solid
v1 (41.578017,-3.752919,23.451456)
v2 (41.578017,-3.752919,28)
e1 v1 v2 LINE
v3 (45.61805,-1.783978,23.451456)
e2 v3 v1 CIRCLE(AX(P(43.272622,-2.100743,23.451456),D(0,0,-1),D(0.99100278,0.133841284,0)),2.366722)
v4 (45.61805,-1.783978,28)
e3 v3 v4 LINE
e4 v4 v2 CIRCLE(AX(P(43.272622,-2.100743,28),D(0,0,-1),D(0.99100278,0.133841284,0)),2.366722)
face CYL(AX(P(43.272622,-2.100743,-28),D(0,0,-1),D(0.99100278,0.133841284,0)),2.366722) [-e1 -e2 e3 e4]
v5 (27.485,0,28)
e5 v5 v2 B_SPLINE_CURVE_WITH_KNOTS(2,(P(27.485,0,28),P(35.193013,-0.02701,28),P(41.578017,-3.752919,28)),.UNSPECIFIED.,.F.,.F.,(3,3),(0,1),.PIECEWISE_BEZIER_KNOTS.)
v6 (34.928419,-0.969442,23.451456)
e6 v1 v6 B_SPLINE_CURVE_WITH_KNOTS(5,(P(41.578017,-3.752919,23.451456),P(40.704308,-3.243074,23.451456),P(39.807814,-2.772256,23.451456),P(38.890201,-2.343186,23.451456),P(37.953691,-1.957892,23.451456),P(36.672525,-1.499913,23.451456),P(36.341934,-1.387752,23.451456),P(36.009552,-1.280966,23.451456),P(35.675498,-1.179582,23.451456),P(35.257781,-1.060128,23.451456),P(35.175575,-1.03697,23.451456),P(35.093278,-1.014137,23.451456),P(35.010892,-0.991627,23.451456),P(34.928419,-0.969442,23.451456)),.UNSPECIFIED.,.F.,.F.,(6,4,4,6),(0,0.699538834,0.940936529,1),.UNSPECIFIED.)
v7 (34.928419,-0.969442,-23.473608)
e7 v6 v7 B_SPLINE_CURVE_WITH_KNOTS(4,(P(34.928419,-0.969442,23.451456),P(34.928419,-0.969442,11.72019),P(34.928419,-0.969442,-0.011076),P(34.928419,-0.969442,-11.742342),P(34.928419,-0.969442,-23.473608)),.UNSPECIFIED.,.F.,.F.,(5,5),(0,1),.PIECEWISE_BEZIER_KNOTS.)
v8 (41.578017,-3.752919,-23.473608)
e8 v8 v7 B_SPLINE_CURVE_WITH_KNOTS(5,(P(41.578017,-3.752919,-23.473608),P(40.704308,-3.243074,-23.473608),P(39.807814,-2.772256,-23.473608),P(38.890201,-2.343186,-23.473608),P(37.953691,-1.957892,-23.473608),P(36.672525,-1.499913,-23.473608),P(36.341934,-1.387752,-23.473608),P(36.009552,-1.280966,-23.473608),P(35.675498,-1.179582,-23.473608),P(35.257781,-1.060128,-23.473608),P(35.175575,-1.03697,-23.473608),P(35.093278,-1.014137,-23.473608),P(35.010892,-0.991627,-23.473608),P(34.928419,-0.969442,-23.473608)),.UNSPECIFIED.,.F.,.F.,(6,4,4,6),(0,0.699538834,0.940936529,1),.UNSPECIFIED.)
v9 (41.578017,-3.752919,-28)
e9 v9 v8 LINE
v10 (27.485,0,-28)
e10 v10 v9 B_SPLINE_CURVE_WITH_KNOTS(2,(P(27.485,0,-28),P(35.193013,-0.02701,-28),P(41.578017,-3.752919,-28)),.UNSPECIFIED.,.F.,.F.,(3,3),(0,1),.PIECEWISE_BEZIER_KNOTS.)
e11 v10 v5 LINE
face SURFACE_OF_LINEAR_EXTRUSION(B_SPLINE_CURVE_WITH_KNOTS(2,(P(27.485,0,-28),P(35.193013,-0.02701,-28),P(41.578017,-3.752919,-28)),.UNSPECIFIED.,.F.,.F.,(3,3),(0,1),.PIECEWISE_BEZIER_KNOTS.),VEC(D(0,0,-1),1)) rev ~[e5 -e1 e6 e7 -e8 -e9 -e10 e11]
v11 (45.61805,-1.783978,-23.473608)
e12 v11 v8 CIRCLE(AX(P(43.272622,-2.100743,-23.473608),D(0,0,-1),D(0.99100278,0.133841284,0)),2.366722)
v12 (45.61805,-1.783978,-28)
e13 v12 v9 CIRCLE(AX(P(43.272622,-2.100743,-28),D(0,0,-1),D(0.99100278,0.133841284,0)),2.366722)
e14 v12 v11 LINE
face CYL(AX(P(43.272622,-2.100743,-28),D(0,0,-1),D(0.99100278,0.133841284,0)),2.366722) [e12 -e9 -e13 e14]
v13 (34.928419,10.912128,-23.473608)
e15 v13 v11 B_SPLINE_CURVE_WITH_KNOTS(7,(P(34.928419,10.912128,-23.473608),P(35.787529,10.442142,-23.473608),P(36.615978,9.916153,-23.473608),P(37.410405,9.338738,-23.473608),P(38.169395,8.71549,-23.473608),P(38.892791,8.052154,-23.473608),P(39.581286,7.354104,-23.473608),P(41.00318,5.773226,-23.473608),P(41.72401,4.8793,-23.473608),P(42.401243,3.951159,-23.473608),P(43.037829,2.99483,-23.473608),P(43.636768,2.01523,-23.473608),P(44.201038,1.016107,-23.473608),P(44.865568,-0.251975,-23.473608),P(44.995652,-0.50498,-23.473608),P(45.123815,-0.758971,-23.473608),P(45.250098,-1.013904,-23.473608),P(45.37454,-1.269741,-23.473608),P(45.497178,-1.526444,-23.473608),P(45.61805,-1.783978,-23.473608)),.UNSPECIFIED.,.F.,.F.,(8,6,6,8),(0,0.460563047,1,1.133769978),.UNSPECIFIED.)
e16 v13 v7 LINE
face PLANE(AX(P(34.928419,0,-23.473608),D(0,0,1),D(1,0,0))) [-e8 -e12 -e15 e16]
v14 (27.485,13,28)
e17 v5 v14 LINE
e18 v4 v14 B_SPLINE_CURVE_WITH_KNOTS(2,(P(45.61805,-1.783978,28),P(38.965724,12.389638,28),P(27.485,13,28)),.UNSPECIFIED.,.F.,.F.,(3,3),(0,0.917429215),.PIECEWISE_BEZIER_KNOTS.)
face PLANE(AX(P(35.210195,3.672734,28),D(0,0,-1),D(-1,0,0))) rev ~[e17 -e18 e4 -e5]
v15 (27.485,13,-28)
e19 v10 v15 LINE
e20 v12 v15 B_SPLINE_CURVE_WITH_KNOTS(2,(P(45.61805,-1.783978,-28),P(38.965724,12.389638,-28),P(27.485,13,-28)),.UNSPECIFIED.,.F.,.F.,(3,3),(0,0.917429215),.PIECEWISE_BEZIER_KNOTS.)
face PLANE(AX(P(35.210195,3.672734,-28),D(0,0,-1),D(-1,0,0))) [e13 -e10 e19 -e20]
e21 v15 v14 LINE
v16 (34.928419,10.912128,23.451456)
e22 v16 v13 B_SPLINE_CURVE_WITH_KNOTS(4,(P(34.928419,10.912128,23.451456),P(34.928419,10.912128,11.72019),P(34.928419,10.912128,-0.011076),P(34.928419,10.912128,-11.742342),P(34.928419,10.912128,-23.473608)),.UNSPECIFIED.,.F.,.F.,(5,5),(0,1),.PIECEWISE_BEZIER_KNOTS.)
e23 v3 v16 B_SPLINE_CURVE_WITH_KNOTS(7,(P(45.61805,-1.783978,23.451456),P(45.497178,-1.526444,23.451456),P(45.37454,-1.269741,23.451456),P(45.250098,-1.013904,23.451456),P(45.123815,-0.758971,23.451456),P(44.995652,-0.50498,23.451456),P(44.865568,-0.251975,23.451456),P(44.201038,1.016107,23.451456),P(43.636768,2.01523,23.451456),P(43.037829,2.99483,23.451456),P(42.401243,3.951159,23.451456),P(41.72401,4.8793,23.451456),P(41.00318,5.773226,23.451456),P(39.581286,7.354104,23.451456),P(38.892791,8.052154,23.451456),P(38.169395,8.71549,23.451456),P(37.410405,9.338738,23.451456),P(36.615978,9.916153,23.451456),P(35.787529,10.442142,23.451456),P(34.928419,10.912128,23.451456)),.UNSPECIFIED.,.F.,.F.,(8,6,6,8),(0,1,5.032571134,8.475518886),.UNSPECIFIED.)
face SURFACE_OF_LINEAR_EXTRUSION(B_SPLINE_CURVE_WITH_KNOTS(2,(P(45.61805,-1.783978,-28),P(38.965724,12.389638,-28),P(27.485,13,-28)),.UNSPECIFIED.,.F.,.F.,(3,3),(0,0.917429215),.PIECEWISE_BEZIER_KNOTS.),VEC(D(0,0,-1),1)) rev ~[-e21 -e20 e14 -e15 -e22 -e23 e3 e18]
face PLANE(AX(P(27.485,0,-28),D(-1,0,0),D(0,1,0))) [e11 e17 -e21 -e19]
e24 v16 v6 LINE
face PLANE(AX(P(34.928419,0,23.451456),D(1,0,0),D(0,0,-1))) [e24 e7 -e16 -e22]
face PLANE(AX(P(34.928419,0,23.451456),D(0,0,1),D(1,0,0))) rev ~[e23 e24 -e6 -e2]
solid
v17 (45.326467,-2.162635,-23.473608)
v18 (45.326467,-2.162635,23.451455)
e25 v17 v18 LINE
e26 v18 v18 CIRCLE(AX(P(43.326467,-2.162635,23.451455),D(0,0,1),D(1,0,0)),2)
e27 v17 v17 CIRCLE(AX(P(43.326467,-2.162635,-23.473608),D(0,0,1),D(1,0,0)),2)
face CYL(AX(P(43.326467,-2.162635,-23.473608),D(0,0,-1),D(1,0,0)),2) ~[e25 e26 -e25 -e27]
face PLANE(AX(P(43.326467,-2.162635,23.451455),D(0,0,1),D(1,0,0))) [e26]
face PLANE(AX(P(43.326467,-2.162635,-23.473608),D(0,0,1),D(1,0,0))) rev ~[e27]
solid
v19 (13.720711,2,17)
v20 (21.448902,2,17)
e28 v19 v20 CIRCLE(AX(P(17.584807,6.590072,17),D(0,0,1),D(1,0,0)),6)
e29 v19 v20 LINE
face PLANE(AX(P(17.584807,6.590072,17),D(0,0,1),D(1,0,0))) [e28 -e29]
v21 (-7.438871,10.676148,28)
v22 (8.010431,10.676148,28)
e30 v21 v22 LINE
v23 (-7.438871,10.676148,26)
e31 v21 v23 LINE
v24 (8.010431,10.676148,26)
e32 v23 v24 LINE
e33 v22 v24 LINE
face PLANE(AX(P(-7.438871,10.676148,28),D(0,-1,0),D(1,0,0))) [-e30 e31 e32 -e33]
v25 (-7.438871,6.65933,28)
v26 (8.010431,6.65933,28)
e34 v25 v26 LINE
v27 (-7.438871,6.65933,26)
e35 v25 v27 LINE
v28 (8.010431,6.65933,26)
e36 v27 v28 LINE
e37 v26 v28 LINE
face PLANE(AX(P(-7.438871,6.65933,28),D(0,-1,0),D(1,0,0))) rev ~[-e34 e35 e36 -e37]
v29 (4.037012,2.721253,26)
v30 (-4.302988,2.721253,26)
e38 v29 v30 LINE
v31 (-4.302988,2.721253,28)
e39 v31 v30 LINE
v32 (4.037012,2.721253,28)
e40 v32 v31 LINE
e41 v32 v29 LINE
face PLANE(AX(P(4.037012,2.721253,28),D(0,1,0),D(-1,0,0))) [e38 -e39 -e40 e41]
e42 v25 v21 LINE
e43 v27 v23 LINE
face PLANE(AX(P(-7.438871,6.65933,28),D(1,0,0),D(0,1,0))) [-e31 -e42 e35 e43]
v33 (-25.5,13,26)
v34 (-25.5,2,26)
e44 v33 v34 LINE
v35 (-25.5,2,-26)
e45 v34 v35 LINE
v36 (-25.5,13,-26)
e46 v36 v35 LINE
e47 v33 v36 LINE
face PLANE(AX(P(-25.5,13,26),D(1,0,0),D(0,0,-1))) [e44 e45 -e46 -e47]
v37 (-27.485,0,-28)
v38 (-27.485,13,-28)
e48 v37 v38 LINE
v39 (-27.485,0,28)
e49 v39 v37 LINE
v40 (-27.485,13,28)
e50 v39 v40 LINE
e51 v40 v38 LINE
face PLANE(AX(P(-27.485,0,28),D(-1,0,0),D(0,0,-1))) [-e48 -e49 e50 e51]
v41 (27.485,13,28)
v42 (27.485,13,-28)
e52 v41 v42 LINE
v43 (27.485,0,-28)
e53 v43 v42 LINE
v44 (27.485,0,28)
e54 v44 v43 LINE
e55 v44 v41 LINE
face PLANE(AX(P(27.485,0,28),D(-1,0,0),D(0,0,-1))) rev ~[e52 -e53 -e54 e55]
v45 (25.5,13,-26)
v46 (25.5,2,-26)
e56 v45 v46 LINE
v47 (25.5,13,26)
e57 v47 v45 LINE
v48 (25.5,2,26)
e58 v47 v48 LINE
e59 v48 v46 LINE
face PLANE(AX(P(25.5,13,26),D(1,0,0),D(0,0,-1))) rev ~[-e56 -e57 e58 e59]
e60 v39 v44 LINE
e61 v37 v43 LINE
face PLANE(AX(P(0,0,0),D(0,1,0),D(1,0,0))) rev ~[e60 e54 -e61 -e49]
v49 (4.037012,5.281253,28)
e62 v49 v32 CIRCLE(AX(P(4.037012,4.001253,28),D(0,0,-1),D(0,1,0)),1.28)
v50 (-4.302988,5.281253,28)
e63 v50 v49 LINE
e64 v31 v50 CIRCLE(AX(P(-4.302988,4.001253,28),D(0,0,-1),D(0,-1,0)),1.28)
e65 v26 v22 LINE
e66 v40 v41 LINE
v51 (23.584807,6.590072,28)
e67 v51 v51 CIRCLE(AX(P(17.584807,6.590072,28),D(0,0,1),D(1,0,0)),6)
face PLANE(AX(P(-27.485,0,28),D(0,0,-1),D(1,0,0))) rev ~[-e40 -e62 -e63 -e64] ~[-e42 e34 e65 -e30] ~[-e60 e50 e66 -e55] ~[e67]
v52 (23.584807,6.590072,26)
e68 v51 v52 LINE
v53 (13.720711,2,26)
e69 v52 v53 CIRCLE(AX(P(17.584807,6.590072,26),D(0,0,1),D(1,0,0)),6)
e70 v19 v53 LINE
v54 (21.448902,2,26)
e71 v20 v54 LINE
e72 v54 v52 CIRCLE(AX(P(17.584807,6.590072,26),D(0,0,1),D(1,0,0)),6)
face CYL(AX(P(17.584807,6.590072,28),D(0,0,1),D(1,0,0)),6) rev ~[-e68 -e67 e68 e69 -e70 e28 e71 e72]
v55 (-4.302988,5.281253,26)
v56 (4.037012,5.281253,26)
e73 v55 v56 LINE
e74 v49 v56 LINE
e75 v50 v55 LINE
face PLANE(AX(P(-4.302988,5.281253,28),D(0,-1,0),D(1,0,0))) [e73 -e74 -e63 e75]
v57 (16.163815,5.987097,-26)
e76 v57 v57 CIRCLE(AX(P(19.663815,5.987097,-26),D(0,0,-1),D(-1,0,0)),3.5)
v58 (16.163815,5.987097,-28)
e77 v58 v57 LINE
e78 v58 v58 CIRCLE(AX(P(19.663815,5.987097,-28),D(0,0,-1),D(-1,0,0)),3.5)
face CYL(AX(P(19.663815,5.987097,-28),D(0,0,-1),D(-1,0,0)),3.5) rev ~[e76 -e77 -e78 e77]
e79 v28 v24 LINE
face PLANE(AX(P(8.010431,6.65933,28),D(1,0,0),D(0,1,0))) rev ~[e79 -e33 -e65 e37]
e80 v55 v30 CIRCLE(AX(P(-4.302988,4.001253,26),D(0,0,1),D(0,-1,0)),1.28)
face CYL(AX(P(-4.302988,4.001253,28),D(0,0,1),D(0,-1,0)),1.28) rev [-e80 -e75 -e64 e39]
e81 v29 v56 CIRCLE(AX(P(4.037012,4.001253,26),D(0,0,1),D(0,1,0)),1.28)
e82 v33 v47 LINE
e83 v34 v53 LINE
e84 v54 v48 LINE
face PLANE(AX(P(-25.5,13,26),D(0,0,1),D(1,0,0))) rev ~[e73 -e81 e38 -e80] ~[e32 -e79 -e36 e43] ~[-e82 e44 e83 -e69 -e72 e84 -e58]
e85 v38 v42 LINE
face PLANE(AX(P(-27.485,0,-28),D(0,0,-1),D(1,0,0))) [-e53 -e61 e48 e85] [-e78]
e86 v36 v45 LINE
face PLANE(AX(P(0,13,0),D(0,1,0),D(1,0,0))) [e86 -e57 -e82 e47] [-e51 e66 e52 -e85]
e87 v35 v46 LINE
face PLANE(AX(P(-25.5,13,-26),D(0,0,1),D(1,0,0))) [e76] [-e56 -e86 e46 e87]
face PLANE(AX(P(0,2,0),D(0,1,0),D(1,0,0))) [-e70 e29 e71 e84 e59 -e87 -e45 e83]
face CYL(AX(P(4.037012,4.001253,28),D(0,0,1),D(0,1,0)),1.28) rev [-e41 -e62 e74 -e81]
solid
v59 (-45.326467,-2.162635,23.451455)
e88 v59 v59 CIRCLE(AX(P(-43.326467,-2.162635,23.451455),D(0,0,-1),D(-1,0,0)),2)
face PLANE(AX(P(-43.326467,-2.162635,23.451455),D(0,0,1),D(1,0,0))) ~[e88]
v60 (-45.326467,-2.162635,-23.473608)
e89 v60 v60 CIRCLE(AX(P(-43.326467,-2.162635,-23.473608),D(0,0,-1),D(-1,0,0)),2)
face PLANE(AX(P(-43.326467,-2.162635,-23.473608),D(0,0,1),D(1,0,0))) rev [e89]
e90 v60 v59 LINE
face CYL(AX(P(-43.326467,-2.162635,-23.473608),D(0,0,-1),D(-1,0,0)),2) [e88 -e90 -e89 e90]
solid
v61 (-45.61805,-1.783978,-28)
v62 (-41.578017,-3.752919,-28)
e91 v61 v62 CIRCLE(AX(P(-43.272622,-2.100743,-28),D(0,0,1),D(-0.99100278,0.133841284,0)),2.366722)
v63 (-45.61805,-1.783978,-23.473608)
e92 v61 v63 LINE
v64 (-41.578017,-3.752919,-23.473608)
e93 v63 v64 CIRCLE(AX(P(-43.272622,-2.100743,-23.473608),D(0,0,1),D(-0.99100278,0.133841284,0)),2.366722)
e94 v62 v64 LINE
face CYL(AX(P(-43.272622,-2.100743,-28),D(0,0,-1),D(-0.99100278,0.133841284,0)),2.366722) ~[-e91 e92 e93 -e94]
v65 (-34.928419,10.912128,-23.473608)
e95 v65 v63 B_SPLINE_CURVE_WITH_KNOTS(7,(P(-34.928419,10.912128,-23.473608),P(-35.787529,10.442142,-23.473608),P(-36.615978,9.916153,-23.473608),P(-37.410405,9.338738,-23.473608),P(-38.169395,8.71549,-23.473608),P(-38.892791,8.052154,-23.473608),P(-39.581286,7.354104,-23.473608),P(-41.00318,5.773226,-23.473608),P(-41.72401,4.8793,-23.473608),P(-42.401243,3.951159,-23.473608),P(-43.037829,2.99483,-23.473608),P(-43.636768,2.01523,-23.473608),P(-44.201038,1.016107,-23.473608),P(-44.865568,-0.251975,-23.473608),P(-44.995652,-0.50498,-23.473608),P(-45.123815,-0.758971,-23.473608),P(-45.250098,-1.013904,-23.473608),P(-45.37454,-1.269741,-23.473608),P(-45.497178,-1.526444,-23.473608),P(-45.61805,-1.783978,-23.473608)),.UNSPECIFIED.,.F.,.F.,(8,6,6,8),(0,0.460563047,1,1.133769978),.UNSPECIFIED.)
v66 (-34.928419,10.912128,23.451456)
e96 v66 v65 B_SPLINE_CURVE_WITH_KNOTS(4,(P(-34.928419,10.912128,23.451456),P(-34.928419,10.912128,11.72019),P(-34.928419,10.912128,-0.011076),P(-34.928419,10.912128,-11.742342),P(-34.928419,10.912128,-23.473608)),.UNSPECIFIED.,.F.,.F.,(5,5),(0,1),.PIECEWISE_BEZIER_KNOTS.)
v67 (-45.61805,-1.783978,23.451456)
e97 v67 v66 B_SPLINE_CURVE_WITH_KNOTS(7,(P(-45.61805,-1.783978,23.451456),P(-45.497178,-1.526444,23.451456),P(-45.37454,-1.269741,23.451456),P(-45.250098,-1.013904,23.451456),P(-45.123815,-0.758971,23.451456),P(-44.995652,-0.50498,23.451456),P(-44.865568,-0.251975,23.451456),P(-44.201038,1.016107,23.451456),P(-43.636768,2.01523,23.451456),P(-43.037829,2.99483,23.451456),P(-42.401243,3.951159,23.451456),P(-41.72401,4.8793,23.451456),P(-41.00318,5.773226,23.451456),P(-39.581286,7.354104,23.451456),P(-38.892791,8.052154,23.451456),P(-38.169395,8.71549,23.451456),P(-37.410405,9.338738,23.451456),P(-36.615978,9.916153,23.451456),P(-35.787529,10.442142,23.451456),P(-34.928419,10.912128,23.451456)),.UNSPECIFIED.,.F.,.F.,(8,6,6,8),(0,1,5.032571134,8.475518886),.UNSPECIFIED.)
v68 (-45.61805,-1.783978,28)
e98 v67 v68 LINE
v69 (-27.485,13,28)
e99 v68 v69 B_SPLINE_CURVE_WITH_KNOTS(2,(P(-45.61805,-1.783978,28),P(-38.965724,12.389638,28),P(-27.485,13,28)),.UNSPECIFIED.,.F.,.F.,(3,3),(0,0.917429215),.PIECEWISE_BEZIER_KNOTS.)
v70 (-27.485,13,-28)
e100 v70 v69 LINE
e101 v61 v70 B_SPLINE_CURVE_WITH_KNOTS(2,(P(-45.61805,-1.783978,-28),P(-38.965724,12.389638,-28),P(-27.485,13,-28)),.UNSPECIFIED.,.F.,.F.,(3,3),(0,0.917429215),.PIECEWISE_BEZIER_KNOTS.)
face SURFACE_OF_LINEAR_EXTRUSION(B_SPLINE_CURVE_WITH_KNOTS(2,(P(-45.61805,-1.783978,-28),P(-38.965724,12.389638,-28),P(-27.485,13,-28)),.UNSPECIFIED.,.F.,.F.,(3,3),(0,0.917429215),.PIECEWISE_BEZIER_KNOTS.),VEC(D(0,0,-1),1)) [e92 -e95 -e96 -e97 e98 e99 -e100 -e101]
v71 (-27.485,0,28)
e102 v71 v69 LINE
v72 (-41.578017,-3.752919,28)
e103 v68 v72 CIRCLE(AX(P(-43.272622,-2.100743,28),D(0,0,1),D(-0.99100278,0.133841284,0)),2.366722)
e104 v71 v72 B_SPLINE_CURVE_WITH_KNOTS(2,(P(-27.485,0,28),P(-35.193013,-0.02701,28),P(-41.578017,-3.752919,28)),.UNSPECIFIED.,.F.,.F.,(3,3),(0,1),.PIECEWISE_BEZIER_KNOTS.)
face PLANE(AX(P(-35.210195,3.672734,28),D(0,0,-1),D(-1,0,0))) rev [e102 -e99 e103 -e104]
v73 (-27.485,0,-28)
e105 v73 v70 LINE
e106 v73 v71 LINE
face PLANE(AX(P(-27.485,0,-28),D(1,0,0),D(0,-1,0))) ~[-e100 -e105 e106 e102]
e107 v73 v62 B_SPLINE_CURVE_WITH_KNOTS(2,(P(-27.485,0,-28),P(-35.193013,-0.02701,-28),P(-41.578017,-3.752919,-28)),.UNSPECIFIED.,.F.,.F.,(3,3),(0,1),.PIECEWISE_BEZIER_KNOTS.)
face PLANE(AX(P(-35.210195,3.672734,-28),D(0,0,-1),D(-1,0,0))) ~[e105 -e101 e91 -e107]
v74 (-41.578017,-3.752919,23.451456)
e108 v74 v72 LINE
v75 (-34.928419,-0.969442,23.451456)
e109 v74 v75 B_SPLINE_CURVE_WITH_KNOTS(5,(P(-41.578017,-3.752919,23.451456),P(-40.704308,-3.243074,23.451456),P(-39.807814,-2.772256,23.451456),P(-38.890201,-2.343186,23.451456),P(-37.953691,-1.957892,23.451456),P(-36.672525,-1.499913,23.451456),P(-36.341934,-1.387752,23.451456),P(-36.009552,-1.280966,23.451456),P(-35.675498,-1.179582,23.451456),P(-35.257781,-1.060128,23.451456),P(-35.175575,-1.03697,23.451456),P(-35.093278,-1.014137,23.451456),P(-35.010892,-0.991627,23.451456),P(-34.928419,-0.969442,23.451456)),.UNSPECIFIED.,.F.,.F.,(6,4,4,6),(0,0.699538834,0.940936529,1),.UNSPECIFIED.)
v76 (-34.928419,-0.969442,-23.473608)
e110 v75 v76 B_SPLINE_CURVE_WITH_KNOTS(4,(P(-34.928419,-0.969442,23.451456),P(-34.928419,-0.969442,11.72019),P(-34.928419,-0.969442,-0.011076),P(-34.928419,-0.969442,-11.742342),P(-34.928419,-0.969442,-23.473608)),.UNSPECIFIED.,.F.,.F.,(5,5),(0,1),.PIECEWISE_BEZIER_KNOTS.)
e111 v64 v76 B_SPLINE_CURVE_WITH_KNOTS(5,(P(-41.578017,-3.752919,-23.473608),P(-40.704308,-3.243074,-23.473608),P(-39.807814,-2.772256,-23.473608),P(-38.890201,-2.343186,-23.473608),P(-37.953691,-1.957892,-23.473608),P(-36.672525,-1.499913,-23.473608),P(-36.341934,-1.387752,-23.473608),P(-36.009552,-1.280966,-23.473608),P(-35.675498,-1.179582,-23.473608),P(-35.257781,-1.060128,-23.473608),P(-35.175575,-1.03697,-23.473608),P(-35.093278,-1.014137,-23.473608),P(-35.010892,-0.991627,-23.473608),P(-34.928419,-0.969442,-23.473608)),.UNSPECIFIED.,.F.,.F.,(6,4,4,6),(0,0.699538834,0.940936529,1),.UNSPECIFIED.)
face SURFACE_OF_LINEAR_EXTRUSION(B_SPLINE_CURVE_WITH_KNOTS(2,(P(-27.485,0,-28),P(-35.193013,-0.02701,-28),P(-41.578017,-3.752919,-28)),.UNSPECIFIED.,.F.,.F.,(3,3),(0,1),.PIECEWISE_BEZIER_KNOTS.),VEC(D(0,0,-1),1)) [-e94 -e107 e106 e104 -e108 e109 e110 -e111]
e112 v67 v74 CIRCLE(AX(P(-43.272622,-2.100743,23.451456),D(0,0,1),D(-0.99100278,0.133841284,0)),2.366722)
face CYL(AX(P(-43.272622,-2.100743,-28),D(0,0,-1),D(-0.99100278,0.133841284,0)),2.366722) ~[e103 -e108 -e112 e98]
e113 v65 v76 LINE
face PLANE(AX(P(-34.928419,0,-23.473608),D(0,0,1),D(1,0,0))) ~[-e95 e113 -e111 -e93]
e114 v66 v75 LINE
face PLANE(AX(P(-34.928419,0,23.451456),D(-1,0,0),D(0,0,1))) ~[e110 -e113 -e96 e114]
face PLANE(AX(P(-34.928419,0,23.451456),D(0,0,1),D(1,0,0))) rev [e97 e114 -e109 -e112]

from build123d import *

# Parameters (mm, degrees)
SKETCH1_W               = 54.97
SKETCH1_H               = 56
BOSS_EXTRUDE1_DEPTH     = 13
SKETCH2_W               = 51
SKETCH2_H               = 52
CUT_EXTRUDE1_DEPTH      = 11
SKETCH3_R               = 6
CUT_EXTRUDE2_DEPTH      = 11
SKETCH4_W               = 15.449301527
SKETCH4_H               = 4.016818397
CUT_EXTRUDE3_DEPTH      = 11
SKETCH5_R               = 3.5
CUT_EXTRUDE4_DEPTH      = 11
BOSS_EXTRUDE2_DEPTH     = 56
SKETCH7_W               = 11.055643201
SKETCH7_H               = 46.925063364
CUT_EXTRUDE5_DEPTH      = 11
CUT_EXTRUDE5_DEPTH_BACK = 11
SKETCH8_R               = 2
BOSS_EXTRUDE3_DEPTH     = 46.925063


with BuildPart() as part:
    # Sketch1 → Boss-Extrude1 (new body)
    with BuildSketch(Plane(origin=(0, 0, 0), x_dir=(1, 0, 0), z_dir=(0, 1, 0))):
        Rectangle(SKETCH1_W, SKETCH1_H)
    extrude(amount=BOSS_EXTRUDE1_DEPTH)

    # Sketch2 → Cut-Extrude1 (cut)
    with BuildSketch(Plane(origin=(0, 13, 0), x_dir=(1, 0, 0), z_dir=(0, 1, 0))):
        Rectangle(SKETCH2_W, SKETCH2_H)
    extrude(amount=-CUT_EXTRUDE1_DEPTH, mode=Mode.SUBTRACT)

    # Sketch3 → Cut-Extrude2 (cut)
    with BuildSketch(Plane.XY.offset(28)):
        with Locations((17.58480672, 6.590072484)):
            Circle(SKETCH3_R)
        with BuildLine():
            Line((4.037012251, 2.721252654), (-4.302987749, 2.721252654))
            ThreePointArc((-4.302987749, 2.721252654), (-5.582987749, 4.001252654), (-4.302987749, 5.281252654))
            Line((-4.302987749, 5.281252654), (4.037012251, 5.281252654))
            ThreePointArc((4.037012251, 5.281252654), (5.317012251, 4.001252654), (4.037012251, 2.721252654))
        make_face()
    extrude(amount=-CUT_EXTRUDE2_DEPTH, mode=Mode.SUBTRACT)

    # Sketch4 → Cut-Extrude3 (cut)
    with BuildSketch(Plane.XY.offset(28)):
        with Locations((0.285779877, 8.667738861)):
            Rectangle(SKETCH4_W, SKETCH4_H)
    extrude(amount=-CUT_EXTRUDE3_DEPTH, mode=Mode.SUBTRACT)

    # Sketch5 → Cut-Extrude4 (cut)
    with BuildSketch(Plane(origin=(0, 0, -28), x_dir=(-1, 0, 0), z_dir=(0, 0, -1))):
        with Locations((-19.663814967, 5.987097456)):
            Circle(SKETCH5_R)
    extrude(amount=-CUT_EXTRUDE4_DEPTH, mode=Mode.SUBTRACT)


with BuildPart() as body_2:
    # Sketch6 → Boss-Extrude2 (new body)
    with BuildSketch(Plane(origin=(0, 0, -28), x_dir=(-1, 0, 0), z_dir=(0, 0, -1))):
        with BuildLine():
            Line((-27.485, 0), (-27.485, 13))
            add(Edge.make_bspline(
                [(-45.618050055, -1.78397783), (-38.965723797, 12.38963767), (-27.485, 13)],
                knots=[0, 0, 0, 0.917429215, 0.917429215, 0.917429215], degree=2))
            ThreePointArc((-45.618050055, -1.78397783), (-44.30948041, -4.228252554), (-41.578017137, -3.75291917))
            add(Edge.make_bspline(
                [(-27.485, 0), (-35.193013177, -0.027010038), (-41.578017137, -3.75291917)],
                knots=[0, 0, 0, 1, 1, 1], degree=2))
        make_face()
    extrude(amount=-BOSS_EXTRUDE2_DEPTH)

    # Sketch7 → Cut-Extrude5 (cut, two sides)
    with BuildSketch(Plane(origin=(0, 0, 0), x_dir=(1, 0, 0), z_dir=(0, 1, 0))) as cut_extrude5_sk:
        with Locations((40.45624055, 0.011076051)):
            Rectangle(SKETCH7_W, SKETCH7_H)
    extrude(amount=CUT_EXTRUDE5_DEPTH, mode=Mode.SUBTRACT)
    extrude(cut_extrude5_sk.sketch, amount=-CUT_EXTRUDE5_DEPTH_BACK, mode=Mode.SUBTRACT)


with BuildPart() as body_3:
    # Sketch8 → Boss-Extrude3 (new body)
    with BuildSketch(Plane.XY.offset(-23.473607733)):
        with Locations((43.326467318, -2.162635088)):
            Circle(SKETCH8_R)
    extrude(amount=BOSS_EXTRUDE3_DEPTH)


with BuildPart() as body_4:
    # Mirror2: mirrored copy
    add(body_2.part.mirror(Plane(origin=(0, 0, 0), x_dir=(0, 0, 1), z_dir=(1, 0, 0))))


with BuildPart() as body_5:
    # Mirror2 2: mirrored copy
    add(body_3.part.mirror(Plane(origin=(0, 0, 0), x_dir=(0, 0, 1), z_dir=(1, 0, 0))))


solid = Compound([part.part, body_2.part, body_3.part, body_4.part, body_5.part])
